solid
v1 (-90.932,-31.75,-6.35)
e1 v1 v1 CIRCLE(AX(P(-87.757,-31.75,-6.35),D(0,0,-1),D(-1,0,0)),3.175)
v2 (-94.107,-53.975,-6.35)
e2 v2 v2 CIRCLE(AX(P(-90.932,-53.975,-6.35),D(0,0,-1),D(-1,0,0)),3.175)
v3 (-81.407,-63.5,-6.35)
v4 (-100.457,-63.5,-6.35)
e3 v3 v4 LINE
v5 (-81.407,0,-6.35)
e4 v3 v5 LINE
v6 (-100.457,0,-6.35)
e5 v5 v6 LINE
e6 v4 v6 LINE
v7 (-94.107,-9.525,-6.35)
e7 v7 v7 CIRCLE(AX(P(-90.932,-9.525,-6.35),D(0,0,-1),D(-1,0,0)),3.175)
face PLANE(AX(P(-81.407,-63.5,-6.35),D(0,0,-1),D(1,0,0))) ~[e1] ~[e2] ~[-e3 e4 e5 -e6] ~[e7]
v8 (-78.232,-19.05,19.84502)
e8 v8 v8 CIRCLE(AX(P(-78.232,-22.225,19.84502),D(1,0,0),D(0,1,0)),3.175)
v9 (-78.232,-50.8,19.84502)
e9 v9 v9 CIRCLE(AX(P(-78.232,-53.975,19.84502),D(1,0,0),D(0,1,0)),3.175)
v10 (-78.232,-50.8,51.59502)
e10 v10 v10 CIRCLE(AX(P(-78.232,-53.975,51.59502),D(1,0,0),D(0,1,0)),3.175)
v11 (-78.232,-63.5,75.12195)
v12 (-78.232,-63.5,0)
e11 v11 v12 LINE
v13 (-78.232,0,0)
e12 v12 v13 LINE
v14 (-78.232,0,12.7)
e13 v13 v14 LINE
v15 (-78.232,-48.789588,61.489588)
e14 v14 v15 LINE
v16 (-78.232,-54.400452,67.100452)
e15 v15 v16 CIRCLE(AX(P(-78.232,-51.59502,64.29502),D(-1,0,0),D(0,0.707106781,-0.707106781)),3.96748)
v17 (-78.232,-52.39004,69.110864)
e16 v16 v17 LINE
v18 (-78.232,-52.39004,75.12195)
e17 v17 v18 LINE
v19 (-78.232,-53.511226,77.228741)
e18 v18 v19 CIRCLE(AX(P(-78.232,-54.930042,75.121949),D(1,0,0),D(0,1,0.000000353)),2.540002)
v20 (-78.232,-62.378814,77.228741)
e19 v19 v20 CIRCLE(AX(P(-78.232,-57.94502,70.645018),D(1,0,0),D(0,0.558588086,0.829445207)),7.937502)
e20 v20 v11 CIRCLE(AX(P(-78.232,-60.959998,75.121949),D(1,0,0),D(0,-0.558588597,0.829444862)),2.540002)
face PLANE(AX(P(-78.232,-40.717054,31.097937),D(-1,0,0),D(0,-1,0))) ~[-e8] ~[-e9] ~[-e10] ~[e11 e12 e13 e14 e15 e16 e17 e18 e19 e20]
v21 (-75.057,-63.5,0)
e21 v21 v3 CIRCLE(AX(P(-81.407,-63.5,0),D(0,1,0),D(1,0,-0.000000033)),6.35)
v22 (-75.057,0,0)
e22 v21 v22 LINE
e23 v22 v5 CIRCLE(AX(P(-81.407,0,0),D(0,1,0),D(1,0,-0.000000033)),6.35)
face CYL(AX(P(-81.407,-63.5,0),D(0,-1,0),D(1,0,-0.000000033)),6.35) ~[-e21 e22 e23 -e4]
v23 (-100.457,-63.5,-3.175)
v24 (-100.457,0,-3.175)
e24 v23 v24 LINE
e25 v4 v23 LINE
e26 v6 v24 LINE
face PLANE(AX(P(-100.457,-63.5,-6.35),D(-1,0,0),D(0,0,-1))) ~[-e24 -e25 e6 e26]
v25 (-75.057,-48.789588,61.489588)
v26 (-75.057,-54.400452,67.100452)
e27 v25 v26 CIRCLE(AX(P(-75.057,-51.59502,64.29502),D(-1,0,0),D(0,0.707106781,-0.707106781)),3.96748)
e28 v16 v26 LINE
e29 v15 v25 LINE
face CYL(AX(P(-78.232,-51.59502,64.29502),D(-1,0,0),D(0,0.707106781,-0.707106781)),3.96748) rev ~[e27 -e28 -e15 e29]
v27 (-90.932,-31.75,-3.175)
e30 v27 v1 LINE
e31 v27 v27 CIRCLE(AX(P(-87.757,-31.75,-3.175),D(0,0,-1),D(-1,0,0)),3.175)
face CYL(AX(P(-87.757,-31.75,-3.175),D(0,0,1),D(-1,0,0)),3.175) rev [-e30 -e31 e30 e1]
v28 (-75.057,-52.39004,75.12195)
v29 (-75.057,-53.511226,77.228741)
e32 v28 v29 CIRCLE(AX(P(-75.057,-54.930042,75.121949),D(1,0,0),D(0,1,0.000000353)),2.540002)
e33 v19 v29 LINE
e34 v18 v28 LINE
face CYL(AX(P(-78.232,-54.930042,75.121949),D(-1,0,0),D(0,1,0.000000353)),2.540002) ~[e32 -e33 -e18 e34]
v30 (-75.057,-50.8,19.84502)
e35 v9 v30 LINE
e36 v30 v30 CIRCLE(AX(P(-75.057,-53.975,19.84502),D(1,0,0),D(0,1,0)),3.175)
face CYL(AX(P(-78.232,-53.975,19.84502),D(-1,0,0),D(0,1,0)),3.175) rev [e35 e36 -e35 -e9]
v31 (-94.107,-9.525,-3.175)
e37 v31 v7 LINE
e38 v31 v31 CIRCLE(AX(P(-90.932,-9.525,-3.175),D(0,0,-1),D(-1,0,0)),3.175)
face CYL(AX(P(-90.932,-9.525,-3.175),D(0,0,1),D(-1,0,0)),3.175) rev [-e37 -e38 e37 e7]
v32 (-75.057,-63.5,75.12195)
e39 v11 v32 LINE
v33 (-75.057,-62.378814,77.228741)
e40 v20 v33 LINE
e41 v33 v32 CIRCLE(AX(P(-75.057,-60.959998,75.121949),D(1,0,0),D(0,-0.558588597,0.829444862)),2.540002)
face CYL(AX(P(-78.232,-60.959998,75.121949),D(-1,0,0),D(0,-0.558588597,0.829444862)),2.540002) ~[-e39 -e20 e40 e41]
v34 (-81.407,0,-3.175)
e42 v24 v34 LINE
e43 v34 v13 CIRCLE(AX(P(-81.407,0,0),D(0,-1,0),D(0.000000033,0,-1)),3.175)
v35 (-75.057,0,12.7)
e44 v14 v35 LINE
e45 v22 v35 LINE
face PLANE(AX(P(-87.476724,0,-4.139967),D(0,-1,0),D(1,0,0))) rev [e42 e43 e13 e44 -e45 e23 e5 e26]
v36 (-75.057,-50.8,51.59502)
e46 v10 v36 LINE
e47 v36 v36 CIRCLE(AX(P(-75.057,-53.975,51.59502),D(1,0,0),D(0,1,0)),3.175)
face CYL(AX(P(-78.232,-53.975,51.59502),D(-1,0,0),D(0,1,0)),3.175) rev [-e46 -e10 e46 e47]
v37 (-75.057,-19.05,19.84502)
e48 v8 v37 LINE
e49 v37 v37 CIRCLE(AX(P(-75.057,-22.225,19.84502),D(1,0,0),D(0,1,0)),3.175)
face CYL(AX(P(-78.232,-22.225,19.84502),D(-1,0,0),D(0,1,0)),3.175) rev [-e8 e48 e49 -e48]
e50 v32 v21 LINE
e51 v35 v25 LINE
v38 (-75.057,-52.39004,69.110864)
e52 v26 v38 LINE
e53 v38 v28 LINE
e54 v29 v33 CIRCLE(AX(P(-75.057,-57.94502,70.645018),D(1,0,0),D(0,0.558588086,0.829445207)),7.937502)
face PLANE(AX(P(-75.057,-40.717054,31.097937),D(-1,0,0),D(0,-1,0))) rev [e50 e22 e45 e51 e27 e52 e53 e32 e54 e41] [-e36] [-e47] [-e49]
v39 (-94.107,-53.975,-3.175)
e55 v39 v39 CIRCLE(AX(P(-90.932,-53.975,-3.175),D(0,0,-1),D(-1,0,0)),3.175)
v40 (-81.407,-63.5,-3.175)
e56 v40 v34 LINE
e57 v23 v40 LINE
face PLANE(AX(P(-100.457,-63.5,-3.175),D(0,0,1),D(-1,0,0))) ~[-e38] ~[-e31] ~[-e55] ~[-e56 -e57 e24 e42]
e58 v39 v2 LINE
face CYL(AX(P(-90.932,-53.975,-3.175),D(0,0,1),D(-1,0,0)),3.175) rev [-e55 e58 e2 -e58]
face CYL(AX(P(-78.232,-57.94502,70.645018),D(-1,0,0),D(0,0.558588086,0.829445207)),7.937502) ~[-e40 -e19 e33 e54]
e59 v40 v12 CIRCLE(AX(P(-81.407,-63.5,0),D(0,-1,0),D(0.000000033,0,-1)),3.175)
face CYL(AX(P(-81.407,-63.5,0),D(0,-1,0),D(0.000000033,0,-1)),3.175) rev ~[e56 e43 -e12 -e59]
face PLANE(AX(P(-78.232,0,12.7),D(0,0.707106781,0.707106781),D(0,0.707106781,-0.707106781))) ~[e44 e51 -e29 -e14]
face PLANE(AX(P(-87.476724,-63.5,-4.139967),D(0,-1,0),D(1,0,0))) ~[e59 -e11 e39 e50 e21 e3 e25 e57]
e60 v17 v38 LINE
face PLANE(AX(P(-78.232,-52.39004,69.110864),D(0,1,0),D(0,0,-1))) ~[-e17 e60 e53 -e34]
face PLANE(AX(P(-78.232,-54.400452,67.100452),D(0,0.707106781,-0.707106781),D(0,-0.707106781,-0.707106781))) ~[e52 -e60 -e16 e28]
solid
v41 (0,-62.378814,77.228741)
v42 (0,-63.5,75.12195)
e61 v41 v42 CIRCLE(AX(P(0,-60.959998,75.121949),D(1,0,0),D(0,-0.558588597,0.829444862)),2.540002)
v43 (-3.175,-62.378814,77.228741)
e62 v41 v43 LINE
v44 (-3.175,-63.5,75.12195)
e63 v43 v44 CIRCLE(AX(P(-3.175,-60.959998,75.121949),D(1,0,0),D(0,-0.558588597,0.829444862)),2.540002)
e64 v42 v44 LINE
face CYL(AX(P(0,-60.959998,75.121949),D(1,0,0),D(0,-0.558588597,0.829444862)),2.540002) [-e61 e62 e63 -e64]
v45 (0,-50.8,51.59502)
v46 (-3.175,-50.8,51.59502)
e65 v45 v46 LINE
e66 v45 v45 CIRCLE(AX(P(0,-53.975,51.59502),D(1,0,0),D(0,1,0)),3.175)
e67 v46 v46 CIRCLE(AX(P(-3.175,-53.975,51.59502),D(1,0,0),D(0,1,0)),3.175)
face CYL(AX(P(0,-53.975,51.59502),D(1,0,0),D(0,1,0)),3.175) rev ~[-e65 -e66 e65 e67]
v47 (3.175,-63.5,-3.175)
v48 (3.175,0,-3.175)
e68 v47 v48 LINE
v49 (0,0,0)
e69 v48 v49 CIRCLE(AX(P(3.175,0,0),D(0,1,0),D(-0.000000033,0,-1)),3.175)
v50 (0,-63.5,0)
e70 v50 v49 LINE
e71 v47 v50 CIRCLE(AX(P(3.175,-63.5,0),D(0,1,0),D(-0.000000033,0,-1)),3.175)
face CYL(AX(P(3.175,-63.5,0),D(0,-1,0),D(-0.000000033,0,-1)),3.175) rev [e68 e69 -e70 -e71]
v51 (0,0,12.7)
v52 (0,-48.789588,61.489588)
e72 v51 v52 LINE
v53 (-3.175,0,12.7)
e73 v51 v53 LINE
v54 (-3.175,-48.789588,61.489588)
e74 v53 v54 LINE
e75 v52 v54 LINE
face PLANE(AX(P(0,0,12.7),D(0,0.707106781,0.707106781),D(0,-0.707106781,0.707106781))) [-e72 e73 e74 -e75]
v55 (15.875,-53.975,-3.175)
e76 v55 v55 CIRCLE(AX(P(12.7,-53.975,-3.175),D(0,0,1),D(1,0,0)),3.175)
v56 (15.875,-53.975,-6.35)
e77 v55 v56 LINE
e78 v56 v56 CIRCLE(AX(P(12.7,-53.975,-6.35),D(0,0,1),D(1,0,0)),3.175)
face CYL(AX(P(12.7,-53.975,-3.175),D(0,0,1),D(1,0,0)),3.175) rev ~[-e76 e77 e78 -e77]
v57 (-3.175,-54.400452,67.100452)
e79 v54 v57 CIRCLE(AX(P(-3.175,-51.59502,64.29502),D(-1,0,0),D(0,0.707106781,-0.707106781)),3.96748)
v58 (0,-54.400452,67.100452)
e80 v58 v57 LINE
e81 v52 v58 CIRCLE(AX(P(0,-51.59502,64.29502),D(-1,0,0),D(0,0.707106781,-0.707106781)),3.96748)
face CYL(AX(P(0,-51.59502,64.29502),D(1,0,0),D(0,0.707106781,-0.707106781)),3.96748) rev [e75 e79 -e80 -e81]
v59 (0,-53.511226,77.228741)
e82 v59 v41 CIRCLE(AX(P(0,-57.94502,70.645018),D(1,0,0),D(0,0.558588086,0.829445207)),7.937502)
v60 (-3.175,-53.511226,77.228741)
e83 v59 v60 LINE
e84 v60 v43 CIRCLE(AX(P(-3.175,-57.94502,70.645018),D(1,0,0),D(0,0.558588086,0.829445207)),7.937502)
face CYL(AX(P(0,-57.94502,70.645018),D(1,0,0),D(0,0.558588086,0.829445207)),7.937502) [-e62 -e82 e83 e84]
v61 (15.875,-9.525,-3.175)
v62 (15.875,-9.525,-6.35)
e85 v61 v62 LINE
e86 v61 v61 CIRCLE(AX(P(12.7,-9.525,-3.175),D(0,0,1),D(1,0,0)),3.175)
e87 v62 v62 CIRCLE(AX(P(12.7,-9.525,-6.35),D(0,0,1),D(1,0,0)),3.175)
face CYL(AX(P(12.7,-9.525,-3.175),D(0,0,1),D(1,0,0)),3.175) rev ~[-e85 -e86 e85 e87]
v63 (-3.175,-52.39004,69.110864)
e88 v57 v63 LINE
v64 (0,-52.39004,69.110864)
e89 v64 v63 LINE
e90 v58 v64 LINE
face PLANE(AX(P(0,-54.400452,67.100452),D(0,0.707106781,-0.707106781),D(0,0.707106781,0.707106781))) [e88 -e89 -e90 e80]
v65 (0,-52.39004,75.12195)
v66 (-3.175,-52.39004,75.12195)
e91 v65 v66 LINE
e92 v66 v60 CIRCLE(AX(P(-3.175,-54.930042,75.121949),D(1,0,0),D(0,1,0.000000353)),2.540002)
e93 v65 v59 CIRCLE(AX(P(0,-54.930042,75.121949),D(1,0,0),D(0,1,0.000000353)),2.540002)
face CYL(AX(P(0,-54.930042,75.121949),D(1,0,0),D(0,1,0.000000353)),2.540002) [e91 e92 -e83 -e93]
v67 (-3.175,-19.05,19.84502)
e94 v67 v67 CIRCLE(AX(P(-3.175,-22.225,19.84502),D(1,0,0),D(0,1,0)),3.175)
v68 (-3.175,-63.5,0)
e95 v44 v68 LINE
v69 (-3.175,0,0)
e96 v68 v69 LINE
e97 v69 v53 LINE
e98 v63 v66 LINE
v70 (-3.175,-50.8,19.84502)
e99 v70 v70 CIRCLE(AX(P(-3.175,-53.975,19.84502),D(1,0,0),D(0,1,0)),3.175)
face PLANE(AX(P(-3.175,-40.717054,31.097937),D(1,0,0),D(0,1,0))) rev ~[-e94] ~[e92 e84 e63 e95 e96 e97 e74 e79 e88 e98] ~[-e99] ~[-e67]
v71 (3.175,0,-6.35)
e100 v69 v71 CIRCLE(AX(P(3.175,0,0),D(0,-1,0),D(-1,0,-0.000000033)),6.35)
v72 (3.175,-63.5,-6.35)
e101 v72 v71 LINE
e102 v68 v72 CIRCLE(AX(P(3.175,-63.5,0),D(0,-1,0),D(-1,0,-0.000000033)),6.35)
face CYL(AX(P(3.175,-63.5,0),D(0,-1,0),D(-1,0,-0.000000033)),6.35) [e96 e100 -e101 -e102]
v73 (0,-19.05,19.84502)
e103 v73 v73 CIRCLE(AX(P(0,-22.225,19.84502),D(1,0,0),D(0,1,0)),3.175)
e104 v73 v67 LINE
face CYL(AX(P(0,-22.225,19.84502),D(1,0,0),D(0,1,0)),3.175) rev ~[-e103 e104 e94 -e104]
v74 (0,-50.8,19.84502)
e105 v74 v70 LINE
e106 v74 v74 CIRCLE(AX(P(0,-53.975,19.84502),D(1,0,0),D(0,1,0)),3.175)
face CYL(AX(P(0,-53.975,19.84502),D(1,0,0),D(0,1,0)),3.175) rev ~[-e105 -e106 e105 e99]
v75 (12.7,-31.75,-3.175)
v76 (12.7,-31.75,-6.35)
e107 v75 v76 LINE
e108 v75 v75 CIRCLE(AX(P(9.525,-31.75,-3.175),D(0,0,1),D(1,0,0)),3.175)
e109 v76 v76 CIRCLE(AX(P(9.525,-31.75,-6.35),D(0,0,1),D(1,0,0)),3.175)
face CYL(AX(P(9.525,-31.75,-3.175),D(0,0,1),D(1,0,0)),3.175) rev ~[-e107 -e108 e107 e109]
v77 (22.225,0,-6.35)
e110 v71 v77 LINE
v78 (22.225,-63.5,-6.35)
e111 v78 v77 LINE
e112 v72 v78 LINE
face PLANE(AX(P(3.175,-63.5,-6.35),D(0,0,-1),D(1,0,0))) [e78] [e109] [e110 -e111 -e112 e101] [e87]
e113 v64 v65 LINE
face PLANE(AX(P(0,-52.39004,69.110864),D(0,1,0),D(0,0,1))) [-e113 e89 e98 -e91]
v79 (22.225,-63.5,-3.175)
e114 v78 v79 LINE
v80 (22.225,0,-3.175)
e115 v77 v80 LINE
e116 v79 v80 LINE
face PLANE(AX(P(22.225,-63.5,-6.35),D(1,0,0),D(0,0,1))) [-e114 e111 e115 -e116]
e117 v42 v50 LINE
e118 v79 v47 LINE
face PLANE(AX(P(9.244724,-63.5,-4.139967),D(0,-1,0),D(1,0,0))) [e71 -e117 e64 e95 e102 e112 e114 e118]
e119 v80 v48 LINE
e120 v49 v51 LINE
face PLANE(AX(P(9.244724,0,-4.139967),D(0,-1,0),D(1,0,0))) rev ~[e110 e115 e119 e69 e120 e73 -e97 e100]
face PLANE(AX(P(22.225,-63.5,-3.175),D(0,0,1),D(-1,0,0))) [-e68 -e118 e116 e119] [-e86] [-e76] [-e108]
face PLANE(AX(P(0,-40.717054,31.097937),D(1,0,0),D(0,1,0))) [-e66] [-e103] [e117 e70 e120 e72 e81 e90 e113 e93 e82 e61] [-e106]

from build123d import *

# Parameters (mm, degrees)
F0_R     = 3.175
F1_DEPTH = 3.175
F3_DEPTH = 63.5
F4_R     = 3.175
F5_DEPTH = 3.176


with BuildPart() as f1:
    # F0 (on Right) → F1 (new body)
    with BuildSketch(Plane.YZ):
        with BuildLine():
            ThreePointArc((-52.39004, 75.12195), (-52.687788, 76.315225), (-53.511226, 77.228741))
            ThreePointArc((-53.511226, 77.228741), (-57.94502, 78.58252), (-62.378814, 77.228741))
            ThreePointArc((-62.378814, 77.228741), (-63.202252, 76.315225), (-63.5, 75.12195))
            Line((-63.5, 75.12195), (-63.5, 0))
            Line((-63.5, 0), (0, 0))
            Line((0, 0), (0, 12.7))
            Line((0, 12.7), (-48.789588, 61.489588))
            ThreePointArc((-48.789588, 61.489588), (-54.400452, 61.489588), (-54.400452, 67.100452))
            Line((-54.400452, 67.100452), (-52.39004, 69.110864))
            Line((-52.39004, 69.110864), (-52.39004, 75.12195))
        make_face()
        with Locations((-53.975, 19.84502)):
            Circle(F0_R, mode=Mode.SUBTRACT)
        with Locations((-22.225, 19.84502)):
            Circle(F0_R, mode=Mode.SUBTRACT)
        with Locations((-53.975, 51.59502)):
            Circle(F0_R, mode=Mode.SUBTRACT)
    extrude(amount=-F1_DEPTH)

    # F2 (on face) → F3 (join, through all)
    with BuildSketch(Plane.XZ.offset(63.5)):
        with BuildLine():
            Line((0, 0), (-3.175, 0))
            ThreePointArc((-3.175, 0), (-1.315128, -4.490128), (3.175, -6.35))
            Line((3.175, -6.35), (22.225, -6.35))
            Line((22.225, -6.35), (22.225, -3.175))
            Line((22.225, -3.175), (3.175, -3.175))
            ThreePointArc((3.175, -3.175), (0.929936, -2.245064), (0, 0))
        make_face()
    extrude(amount=-F3_DEPTH)

    # F4 (on face) → F5 (cut, through all)
    with BuildSketch(Plane.XY.offset(-3.175)):
        with Locations((12.7, -53.975)):
            Circle(F4_R)
        with Locations((9.525, -31.75)):
            Circle(F4_R)
        with Locations((12.7, -9.525)):
            Circle(F4_R)
    extrude(amount=-F5_DEPTH, mode=Mode.SUBTRACT)


with BuildPart() as f7_1:
    # F7: instance of F1
    add(f1.part.mirror(Plane.YZ.offset(-39.116)))


solid = Compound([f1.part, f7_1.part])
